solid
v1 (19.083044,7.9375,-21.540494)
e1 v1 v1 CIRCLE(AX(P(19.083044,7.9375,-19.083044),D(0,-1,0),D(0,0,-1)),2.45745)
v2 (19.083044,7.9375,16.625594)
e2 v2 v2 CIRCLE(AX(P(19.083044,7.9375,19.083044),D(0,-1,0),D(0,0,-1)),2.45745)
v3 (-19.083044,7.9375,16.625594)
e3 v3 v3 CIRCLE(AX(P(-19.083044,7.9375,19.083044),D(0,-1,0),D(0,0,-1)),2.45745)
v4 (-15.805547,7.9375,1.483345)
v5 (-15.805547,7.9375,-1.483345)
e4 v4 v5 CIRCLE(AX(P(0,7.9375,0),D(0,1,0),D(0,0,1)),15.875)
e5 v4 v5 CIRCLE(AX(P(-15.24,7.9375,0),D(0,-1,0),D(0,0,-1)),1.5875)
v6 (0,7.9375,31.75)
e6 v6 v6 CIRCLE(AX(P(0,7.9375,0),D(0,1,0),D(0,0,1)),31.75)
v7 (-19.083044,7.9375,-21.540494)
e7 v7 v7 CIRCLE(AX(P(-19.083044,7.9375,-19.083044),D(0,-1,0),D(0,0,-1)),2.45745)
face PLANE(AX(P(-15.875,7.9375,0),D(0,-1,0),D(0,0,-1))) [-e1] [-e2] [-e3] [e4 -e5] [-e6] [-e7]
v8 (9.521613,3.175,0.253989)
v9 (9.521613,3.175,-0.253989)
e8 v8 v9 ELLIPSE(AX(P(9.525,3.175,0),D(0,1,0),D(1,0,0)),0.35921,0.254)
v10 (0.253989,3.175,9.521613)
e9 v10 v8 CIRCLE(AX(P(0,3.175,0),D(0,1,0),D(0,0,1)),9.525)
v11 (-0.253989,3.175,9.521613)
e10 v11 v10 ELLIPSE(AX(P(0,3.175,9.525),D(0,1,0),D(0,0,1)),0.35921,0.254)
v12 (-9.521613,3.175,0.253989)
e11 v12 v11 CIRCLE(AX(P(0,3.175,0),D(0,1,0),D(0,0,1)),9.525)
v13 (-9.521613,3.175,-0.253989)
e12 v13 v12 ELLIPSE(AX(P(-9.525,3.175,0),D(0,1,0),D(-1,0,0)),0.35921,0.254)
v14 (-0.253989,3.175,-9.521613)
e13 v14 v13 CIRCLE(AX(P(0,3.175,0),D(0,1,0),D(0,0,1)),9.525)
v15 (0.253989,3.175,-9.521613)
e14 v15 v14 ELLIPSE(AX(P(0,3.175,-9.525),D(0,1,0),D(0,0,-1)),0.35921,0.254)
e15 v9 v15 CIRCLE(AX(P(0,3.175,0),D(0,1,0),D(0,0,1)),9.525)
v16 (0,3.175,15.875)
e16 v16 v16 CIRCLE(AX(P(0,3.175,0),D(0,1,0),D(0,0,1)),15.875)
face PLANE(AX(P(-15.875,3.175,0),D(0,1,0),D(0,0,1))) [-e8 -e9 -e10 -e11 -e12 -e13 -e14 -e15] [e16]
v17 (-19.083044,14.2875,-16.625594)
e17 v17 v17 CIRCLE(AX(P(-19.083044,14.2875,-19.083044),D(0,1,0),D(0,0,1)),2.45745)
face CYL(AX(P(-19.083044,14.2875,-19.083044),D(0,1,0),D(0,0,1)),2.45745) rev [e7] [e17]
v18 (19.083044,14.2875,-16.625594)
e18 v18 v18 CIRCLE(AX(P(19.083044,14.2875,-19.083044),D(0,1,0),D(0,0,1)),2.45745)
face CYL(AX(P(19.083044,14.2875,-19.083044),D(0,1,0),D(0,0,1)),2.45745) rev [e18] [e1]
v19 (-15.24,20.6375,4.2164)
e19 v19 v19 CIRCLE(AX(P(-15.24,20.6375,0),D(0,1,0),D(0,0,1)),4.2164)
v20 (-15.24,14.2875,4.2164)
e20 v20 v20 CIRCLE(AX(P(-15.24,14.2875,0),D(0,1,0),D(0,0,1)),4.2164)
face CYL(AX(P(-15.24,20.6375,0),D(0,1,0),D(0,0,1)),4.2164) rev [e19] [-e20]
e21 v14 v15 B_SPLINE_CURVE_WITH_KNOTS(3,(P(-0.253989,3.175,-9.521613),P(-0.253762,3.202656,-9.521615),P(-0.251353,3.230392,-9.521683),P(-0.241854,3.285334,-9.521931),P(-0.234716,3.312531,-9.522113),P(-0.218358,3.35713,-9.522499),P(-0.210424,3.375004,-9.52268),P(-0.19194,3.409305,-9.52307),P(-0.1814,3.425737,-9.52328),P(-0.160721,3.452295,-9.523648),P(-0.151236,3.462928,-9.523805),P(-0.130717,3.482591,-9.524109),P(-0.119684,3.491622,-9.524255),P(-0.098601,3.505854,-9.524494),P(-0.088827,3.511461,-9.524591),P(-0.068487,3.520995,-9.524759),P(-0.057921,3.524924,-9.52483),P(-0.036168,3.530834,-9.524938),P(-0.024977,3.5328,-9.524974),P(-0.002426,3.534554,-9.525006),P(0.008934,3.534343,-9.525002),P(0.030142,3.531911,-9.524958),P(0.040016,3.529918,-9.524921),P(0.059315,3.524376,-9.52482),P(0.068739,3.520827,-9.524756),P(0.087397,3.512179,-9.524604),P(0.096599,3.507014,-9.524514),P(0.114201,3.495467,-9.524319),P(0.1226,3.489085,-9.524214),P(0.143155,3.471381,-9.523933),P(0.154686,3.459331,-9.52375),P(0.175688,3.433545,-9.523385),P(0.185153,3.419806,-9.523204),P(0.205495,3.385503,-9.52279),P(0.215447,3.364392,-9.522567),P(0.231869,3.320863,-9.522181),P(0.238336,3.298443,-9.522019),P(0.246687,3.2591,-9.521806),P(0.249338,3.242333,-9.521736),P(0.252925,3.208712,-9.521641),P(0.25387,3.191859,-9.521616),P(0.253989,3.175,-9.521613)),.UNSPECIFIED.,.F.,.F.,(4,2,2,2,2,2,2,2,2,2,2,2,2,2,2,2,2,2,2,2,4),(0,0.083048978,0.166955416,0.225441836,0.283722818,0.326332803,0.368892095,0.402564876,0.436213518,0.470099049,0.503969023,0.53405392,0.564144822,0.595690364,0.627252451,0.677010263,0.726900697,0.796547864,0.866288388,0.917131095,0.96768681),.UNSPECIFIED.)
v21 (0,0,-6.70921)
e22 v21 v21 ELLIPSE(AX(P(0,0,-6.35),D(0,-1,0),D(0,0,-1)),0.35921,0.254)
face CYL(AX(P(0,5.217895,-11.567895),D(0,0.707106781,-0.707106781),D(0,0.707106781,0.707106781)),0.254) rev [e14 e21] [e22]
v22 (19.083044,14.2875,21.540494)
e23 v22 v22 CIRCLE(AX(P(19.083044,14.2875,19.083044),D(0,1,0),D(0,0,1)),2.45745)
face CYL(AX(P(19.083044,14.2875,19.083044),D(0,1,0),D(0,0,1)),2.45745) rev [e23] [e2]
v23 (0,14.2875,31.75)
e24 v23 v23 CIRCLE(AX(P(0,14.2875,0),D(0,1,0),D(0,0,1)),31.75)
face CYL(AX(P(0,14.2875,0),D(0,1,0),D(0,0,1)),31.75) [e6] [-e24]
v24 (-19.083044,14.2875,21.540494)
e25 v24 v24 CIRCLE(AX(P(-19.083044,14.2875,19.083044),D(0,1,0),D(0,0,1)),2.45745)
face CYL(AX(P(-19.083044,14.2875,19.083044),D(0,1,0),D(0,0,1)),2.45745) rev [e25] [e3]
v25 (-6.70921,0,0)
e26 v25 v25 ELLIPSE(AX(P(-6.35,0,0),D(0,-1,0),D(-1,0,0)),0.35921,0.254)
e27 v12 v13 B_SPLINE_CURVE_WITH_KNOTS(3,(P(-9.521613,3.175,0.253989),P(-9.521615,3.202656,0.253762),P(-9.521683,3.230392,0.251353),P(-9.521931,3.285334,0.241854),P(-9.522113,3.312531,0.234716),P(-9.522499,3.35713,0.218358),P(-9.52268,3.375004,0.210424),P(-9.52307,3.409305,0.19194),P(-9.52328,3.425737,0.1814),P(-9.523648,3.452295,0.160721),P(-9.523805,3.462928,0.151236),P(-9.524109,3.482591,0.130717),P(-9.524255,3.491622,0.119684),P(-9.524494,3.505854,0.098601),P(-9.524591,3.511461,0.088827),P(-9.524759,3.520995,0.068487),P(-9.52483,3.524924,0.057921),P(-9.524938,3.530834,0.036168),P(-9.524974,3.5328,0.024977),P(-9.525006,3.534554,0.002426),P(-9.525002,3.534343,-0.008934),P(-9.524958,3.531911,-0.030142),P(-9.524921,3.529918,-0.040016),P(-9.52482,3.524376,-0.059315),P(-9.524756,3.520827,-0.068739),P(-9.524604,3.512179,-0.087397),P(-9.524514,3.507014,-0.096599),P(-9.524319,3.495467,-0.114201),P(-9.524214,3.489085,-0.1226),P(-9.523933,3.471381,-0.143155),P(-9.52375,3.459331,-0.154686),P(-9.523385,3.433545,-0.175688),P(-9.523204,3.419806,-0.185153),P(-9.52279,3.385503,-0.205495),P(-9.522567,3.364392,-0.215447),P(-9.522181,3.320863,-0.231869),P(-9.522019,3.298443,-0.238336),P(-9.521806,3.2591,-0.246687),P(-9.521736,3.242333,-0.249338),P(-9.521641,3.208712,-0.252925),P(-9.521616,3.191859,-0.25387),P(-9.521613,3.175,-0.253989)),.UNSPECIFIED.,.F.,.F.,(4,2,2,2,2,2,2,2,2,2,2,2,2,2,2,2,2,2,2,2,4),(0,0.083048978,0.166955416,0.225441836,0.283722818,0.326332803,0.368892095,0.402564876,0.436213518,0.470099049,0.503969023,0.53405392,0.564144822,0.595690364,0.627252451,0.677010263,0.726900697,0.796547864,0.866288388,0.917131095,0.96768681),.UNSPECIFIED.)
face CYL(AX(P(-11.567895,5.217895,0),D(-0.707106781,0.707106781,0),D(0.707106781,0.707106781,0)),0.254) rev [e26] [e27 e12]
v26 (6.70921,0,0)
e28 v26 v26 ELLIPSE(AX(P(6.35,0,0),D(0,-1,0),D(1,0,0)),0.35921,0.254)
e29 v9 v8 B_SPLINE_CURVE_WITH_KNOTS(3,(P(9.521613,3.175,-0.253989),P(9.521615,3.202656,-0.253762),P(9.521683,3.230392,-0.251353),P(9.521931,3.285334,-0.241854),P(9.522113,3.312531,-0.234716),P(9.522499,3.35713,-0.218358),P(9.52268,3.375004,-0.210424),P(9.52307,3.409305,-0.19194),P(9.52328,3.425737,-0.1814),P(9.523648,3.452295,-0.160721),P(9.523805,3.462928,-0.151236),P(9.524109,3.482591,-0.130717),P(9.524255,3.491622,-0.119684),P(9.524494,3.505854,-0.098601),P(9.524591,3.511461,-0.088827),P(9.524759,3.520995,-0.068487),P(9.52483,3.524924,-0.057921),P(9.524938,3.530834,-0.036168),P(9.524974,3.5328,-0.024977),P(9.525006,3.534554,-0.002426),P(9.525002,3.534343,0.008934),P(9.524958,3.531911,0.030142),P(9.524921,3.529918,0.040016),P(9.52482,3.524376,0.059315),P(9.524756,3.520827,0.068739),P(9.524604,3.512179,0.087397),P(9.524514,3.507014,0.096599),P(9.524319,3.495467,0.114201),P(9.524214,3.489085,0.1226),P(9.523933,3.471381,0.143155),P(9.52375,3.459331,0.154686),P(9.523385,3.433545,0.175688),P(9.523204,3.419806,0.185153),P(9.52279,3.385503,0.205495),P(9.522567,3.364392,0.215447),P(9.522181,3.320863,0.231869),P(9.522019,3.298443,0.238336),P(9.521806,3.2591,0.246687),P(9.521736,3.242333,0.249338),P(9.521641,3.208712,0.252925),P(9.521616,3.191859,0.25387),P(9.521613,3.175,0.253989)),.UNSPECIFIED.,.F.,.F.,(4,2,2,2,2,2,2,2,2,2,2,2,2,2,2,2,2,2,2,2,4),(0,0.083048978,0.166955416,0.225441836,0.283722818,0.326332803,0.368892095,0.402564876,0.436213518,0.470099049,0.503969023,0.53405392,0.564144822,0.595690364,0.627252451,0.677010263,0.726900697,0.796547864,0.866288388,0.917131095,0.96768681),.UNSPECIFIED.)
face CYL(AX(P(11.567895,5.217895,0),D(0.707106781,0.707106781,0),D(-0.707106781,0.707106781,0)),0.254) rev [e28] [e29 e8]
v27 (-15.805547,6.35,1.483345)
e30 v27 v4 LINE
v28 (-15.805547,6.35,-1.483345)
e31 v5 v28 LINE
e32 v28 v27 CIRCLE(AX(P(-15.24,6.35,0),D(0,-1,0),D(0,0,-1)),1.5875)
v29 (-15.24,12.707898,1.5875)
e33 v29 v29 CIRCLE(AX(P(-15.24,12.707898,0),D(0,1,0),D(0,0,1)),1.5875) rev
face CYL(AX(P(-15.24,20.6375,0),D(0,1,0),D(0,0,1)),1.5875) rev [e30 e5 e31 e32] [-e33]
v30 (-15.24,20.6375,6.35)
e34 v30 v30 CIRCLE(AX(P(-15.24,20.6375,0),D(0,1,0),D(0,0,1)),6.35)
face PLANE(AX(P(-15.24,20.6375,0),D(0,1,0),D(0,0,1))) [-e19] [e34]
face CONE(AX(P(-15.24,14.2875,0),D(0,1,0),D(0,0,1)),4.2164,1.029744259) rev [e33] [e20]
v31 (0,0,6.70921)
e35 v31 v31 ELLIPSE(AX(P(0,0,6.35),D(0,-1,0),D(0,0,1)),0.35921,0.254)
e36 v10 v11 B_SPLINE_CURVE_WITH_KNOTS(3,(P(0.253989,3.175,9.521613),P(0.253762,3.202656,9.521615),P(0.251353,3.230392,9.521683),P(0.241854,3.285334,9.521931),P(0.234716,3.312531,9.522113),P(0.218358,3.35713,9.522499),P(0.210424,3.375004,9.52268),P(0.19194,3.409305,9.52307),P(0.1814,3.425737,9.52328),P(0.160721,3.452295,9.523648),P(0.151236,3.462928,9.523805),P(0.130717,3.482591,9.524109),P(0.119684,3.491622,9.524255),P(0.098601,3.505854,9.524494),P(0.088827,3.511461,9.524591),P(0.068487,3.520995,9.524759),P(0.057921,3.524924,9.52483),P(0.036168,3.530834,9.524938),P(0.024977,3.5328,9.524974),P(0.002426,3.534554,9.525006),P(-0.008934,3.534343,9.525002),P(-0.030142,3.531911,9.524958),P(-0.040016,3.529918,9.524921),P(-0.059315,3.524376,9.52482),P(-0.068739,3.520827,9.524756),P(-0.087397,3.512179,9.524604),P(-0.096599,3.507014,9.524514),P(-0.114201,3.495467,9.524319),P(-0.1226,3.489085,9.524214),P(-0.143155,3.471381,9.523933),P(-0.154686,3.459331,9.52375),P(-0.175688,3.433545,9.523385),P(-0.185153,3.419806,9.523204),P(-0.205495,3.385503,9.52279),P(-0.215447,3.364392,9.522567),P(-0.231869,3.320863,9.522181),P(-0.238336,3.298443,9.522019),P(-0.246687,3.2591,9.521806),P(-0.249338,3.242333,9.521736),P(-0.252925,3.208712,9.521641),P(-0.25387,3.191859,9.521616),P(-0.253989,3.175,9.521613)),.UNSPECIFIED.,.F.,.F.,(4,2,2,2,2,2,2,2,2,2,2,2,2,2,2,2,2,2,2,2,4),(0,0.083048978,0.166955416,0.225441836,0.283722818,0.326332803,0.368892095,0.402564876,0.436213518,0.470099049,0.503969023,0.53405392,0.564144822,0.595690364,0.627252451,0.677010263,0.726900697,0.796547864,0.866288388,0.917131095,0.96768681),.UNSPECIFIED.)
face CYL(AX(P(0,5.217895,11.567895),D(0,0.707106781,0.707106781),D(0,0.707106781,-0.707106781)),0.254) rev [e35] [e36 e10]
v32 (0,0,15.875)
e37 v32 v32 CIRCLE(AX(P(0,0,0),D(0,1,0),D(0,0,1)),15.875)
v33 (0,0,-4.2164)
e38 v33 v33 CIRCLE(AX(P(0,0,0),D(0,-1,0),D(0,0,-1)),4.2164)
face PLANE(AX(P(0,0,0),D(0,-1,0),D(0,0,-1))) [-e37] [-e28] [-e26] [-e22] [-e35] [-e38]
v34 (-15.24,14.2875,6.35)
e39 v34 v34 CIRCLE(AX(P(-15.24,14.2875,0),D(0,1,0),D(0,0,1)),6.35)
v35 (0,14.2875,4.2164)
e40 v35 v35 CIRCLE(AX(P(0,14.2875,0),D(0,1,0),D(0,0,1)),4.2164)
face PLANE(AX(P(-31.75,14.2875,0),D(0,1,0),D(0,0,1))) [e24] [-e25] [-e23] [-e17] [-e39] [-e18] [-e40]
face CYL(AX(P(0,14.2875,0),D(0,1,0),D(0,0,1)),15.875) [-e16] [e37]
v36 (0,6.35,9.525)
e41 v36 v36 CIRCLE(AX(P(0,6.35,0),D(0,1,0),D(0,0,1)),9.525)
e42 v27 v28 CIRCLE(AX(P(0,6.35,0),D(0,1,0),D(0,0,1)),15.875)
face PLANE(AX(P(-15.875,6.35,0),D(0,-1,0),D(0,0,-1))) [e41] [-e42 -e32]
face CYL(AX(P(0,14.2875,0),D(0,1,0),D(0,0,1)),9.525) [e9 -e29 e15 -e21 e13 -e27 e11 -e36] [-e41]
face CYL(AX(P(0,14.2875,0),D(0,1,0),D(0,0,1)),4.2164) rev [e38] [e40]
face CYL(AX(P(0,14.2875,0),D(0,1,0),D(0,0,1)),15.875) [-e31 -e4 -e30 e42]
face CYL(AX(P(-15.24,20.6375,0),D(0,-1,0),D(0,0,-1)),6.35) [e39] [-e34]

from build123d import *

# Parameters (mm, degrees)
PIPE_TAP_DRILL_FOR_1_8_TAP1_D     = 8.4328
PIPE_TAP_DRILL_FOR_1_8_TAP1_DEPTH = 25.4
PIPE_TAP_DRILL_FOR_1_8_TAP1_TIP   = 2.533468714
CIRPATTERN1_COUNT                 = 4
SKETCH5_R                         = 6.35
BOSS_EXTRUDE1_DEPTH               = 6.35
PIPE_TAP_DRILL_FOR_1_8_TAP2_D     = 8.4328
PIPE_TAP_DRILL_FOR_1_8_TAP2_DEPTH = 6.35
PIPE_TAP_DRILL_FOR_1_8_TAP2_TIP   = 2.533468714
F_1_8_0_125_DIAMETER_HOLE4_D      = 3.175
F_1_8_0_125_DIAMETER_HOLE4_DEPTH  = 14.2875
F_10_0_1935_DIAMETER_HOLE1_D      = 4.9149
F_10_0_1935_DIAMETER_HOLE1_DEPTH  = 6.35
CIRPATTERN2_COUNT                 = 4


with BuildPart() as part:
    # Sketch1 → Revolve1 (revolve)
    with BuildSketch(Plane.XY):
        Polygon((0, 0), (-15.875, 0), (-15.875, 3.175), (-9.525, 3.175), (-9.525, 6.35), (-15.875, 6.35), (-15.875, 7.9375), (-31.75, 7.9375), (-31.75, 14.2875), (0, 14.2875), align=None)
    revolve(axis=Axis((0, 14.2875, 0), (0, -1, 0)))

    # Pipe Tap Drill for 1/8 Tap1
    with Locations(Plane.ZX.offset(14.2875)):
        with Locations((0, 0)):
            Hole(PIPE_TAP_DRILL_FOR_1_8_TAP1_D / 2, depth=PIPE_TAP_DRILL_FOR_1_8_TAP1_DEPTH)
            with Locations((0, 0, -(PIPE_TAP_DRILL_FOR_1_8_TAP1_DEPTH + PIPE_TAP_DRILL_FOR_1_8_TAP1_TIP / 2))):  # 118° drill point
                Cone(0, PIPE_TAP_DRILL_FOR_1_8_TAP1_D / 2, PIPE_TAP_DRILL_FOR_1_8_TAP1_TIP, mode=Mode.SUBTRACT)

    # Sketch3 → Cut-Revolve2 (revolve, cut)
    with BuildSketch(Plane(origin=(0, 0, 0), x_dir=(-1, 0, 0), z_dir=(0, 0, -1))):
        Polygon((-11.388289755, 5.3975), (-11.567894878, 5.217894878), (-4.900394878, -1.449605122), (-4.720789755, -1.27), align=None)
    cut_revolve2 = revolve(axis=Axis((11.567894878, 5.217894878, 0), (-0.707106781, -0.707106781, 0)), mode=Mode.SUBTRACT)

    # CirPattern1: Cut-Revolve2 ×4 about axis
    cirpattern1_axis = Axis((0, 14.2875, 0), (0, 1, 0))
    for i in range(1, CIRPATTERN1_COUNT):
        add(cut_revolve2.rotate(cirpattern1_axis, i * 360 / CIRPATTERN1_COUNT), mode=Mode.SUBTRACT)

    # Sketch5 → Boss-Extrude1 (add)
    with BuildSketch(Plane(origin=(0, 14.2875, 0), x_dir=(1, 0, 0), z_dir=(0, 1, 0))):
        with Locations((-15.24, 0)):
            Circle(SKETCH5_R)
    extrude(amount=BOSS_EXTRUDE1_DEPTH)

    # Pipe Tap Drill for 1/8 Tap2
    with Locations(Plane(origin=(-15.24, 20.6375, 0), x_dir=(0, 0, 1), z_dir=(0, 1, 0))):
        with Locations((0, 0)):
            Hole(PIPE_TAP_DRILL_FOR_1_8_TAP2_D / 2, depth=PIPE_TAP_DRILL_FOR_1_8_TAP2_DEPTH)
            with Locations((0, 0, -(PIPE_TAP_DRILL_FOR_1_8_TAP2_DEPTH + PIPE_TAP_DRILL_FOR_1_8_TAP2_TIP / 2))):  # 118° drill point
                Cone(0, PIPE_TAP_DRILL_FOR_1_8_TAP2_D / 2, PIPE_TAP_DRILL_FOR_1_8_TAP2_TIP, mode=Mode.SUBTRACT)

    # 1/8 (0.125) Diameter Hole4
    with Locations(Plane(origin=(-15.24, 20.6375, 0), x_dir=(0, 0, 1), z_dir=(0, 1, 0))):
        with Locations((0, 0)):
            Hole(F_1_8_0_125_DIAMETER_HOLE4_D / 2, depth=F_1_8_0_125_DIAMETER_HOLE4_DEPTH)

    # #10 (0.1935) Diameter Hole1
    with Locations(Plane(origin=(19.083044257, 14.2875, -19.083044257), x_dir=(0, 0, 1), z_dir=(0, 1, 0))):
        with Locations((0, 0)):
            f_10_0_1935_diameter_hole1 = Hole(F_10_0_1935_DIAMETER_HOLE1_D / 2, depth=F_10_0_1935_DIAMETER_HOLE1_DEPTH)

    # CirPattern2: #10 (0.1935) Diameter Hole1 ×4 about axis
    cirpattern2_axis = Axis((0, 0, 0), (0, 1, 0))
    for i in range(1, CIRPATTERN2_COUNT):
        add(f_10_0_1935_diameter_hole1.rotate(cirpattern2_axis, i * 360 / CIRPATTERN2_COUNT), mode=Mode.SUBTRACT)


solid = part.part
